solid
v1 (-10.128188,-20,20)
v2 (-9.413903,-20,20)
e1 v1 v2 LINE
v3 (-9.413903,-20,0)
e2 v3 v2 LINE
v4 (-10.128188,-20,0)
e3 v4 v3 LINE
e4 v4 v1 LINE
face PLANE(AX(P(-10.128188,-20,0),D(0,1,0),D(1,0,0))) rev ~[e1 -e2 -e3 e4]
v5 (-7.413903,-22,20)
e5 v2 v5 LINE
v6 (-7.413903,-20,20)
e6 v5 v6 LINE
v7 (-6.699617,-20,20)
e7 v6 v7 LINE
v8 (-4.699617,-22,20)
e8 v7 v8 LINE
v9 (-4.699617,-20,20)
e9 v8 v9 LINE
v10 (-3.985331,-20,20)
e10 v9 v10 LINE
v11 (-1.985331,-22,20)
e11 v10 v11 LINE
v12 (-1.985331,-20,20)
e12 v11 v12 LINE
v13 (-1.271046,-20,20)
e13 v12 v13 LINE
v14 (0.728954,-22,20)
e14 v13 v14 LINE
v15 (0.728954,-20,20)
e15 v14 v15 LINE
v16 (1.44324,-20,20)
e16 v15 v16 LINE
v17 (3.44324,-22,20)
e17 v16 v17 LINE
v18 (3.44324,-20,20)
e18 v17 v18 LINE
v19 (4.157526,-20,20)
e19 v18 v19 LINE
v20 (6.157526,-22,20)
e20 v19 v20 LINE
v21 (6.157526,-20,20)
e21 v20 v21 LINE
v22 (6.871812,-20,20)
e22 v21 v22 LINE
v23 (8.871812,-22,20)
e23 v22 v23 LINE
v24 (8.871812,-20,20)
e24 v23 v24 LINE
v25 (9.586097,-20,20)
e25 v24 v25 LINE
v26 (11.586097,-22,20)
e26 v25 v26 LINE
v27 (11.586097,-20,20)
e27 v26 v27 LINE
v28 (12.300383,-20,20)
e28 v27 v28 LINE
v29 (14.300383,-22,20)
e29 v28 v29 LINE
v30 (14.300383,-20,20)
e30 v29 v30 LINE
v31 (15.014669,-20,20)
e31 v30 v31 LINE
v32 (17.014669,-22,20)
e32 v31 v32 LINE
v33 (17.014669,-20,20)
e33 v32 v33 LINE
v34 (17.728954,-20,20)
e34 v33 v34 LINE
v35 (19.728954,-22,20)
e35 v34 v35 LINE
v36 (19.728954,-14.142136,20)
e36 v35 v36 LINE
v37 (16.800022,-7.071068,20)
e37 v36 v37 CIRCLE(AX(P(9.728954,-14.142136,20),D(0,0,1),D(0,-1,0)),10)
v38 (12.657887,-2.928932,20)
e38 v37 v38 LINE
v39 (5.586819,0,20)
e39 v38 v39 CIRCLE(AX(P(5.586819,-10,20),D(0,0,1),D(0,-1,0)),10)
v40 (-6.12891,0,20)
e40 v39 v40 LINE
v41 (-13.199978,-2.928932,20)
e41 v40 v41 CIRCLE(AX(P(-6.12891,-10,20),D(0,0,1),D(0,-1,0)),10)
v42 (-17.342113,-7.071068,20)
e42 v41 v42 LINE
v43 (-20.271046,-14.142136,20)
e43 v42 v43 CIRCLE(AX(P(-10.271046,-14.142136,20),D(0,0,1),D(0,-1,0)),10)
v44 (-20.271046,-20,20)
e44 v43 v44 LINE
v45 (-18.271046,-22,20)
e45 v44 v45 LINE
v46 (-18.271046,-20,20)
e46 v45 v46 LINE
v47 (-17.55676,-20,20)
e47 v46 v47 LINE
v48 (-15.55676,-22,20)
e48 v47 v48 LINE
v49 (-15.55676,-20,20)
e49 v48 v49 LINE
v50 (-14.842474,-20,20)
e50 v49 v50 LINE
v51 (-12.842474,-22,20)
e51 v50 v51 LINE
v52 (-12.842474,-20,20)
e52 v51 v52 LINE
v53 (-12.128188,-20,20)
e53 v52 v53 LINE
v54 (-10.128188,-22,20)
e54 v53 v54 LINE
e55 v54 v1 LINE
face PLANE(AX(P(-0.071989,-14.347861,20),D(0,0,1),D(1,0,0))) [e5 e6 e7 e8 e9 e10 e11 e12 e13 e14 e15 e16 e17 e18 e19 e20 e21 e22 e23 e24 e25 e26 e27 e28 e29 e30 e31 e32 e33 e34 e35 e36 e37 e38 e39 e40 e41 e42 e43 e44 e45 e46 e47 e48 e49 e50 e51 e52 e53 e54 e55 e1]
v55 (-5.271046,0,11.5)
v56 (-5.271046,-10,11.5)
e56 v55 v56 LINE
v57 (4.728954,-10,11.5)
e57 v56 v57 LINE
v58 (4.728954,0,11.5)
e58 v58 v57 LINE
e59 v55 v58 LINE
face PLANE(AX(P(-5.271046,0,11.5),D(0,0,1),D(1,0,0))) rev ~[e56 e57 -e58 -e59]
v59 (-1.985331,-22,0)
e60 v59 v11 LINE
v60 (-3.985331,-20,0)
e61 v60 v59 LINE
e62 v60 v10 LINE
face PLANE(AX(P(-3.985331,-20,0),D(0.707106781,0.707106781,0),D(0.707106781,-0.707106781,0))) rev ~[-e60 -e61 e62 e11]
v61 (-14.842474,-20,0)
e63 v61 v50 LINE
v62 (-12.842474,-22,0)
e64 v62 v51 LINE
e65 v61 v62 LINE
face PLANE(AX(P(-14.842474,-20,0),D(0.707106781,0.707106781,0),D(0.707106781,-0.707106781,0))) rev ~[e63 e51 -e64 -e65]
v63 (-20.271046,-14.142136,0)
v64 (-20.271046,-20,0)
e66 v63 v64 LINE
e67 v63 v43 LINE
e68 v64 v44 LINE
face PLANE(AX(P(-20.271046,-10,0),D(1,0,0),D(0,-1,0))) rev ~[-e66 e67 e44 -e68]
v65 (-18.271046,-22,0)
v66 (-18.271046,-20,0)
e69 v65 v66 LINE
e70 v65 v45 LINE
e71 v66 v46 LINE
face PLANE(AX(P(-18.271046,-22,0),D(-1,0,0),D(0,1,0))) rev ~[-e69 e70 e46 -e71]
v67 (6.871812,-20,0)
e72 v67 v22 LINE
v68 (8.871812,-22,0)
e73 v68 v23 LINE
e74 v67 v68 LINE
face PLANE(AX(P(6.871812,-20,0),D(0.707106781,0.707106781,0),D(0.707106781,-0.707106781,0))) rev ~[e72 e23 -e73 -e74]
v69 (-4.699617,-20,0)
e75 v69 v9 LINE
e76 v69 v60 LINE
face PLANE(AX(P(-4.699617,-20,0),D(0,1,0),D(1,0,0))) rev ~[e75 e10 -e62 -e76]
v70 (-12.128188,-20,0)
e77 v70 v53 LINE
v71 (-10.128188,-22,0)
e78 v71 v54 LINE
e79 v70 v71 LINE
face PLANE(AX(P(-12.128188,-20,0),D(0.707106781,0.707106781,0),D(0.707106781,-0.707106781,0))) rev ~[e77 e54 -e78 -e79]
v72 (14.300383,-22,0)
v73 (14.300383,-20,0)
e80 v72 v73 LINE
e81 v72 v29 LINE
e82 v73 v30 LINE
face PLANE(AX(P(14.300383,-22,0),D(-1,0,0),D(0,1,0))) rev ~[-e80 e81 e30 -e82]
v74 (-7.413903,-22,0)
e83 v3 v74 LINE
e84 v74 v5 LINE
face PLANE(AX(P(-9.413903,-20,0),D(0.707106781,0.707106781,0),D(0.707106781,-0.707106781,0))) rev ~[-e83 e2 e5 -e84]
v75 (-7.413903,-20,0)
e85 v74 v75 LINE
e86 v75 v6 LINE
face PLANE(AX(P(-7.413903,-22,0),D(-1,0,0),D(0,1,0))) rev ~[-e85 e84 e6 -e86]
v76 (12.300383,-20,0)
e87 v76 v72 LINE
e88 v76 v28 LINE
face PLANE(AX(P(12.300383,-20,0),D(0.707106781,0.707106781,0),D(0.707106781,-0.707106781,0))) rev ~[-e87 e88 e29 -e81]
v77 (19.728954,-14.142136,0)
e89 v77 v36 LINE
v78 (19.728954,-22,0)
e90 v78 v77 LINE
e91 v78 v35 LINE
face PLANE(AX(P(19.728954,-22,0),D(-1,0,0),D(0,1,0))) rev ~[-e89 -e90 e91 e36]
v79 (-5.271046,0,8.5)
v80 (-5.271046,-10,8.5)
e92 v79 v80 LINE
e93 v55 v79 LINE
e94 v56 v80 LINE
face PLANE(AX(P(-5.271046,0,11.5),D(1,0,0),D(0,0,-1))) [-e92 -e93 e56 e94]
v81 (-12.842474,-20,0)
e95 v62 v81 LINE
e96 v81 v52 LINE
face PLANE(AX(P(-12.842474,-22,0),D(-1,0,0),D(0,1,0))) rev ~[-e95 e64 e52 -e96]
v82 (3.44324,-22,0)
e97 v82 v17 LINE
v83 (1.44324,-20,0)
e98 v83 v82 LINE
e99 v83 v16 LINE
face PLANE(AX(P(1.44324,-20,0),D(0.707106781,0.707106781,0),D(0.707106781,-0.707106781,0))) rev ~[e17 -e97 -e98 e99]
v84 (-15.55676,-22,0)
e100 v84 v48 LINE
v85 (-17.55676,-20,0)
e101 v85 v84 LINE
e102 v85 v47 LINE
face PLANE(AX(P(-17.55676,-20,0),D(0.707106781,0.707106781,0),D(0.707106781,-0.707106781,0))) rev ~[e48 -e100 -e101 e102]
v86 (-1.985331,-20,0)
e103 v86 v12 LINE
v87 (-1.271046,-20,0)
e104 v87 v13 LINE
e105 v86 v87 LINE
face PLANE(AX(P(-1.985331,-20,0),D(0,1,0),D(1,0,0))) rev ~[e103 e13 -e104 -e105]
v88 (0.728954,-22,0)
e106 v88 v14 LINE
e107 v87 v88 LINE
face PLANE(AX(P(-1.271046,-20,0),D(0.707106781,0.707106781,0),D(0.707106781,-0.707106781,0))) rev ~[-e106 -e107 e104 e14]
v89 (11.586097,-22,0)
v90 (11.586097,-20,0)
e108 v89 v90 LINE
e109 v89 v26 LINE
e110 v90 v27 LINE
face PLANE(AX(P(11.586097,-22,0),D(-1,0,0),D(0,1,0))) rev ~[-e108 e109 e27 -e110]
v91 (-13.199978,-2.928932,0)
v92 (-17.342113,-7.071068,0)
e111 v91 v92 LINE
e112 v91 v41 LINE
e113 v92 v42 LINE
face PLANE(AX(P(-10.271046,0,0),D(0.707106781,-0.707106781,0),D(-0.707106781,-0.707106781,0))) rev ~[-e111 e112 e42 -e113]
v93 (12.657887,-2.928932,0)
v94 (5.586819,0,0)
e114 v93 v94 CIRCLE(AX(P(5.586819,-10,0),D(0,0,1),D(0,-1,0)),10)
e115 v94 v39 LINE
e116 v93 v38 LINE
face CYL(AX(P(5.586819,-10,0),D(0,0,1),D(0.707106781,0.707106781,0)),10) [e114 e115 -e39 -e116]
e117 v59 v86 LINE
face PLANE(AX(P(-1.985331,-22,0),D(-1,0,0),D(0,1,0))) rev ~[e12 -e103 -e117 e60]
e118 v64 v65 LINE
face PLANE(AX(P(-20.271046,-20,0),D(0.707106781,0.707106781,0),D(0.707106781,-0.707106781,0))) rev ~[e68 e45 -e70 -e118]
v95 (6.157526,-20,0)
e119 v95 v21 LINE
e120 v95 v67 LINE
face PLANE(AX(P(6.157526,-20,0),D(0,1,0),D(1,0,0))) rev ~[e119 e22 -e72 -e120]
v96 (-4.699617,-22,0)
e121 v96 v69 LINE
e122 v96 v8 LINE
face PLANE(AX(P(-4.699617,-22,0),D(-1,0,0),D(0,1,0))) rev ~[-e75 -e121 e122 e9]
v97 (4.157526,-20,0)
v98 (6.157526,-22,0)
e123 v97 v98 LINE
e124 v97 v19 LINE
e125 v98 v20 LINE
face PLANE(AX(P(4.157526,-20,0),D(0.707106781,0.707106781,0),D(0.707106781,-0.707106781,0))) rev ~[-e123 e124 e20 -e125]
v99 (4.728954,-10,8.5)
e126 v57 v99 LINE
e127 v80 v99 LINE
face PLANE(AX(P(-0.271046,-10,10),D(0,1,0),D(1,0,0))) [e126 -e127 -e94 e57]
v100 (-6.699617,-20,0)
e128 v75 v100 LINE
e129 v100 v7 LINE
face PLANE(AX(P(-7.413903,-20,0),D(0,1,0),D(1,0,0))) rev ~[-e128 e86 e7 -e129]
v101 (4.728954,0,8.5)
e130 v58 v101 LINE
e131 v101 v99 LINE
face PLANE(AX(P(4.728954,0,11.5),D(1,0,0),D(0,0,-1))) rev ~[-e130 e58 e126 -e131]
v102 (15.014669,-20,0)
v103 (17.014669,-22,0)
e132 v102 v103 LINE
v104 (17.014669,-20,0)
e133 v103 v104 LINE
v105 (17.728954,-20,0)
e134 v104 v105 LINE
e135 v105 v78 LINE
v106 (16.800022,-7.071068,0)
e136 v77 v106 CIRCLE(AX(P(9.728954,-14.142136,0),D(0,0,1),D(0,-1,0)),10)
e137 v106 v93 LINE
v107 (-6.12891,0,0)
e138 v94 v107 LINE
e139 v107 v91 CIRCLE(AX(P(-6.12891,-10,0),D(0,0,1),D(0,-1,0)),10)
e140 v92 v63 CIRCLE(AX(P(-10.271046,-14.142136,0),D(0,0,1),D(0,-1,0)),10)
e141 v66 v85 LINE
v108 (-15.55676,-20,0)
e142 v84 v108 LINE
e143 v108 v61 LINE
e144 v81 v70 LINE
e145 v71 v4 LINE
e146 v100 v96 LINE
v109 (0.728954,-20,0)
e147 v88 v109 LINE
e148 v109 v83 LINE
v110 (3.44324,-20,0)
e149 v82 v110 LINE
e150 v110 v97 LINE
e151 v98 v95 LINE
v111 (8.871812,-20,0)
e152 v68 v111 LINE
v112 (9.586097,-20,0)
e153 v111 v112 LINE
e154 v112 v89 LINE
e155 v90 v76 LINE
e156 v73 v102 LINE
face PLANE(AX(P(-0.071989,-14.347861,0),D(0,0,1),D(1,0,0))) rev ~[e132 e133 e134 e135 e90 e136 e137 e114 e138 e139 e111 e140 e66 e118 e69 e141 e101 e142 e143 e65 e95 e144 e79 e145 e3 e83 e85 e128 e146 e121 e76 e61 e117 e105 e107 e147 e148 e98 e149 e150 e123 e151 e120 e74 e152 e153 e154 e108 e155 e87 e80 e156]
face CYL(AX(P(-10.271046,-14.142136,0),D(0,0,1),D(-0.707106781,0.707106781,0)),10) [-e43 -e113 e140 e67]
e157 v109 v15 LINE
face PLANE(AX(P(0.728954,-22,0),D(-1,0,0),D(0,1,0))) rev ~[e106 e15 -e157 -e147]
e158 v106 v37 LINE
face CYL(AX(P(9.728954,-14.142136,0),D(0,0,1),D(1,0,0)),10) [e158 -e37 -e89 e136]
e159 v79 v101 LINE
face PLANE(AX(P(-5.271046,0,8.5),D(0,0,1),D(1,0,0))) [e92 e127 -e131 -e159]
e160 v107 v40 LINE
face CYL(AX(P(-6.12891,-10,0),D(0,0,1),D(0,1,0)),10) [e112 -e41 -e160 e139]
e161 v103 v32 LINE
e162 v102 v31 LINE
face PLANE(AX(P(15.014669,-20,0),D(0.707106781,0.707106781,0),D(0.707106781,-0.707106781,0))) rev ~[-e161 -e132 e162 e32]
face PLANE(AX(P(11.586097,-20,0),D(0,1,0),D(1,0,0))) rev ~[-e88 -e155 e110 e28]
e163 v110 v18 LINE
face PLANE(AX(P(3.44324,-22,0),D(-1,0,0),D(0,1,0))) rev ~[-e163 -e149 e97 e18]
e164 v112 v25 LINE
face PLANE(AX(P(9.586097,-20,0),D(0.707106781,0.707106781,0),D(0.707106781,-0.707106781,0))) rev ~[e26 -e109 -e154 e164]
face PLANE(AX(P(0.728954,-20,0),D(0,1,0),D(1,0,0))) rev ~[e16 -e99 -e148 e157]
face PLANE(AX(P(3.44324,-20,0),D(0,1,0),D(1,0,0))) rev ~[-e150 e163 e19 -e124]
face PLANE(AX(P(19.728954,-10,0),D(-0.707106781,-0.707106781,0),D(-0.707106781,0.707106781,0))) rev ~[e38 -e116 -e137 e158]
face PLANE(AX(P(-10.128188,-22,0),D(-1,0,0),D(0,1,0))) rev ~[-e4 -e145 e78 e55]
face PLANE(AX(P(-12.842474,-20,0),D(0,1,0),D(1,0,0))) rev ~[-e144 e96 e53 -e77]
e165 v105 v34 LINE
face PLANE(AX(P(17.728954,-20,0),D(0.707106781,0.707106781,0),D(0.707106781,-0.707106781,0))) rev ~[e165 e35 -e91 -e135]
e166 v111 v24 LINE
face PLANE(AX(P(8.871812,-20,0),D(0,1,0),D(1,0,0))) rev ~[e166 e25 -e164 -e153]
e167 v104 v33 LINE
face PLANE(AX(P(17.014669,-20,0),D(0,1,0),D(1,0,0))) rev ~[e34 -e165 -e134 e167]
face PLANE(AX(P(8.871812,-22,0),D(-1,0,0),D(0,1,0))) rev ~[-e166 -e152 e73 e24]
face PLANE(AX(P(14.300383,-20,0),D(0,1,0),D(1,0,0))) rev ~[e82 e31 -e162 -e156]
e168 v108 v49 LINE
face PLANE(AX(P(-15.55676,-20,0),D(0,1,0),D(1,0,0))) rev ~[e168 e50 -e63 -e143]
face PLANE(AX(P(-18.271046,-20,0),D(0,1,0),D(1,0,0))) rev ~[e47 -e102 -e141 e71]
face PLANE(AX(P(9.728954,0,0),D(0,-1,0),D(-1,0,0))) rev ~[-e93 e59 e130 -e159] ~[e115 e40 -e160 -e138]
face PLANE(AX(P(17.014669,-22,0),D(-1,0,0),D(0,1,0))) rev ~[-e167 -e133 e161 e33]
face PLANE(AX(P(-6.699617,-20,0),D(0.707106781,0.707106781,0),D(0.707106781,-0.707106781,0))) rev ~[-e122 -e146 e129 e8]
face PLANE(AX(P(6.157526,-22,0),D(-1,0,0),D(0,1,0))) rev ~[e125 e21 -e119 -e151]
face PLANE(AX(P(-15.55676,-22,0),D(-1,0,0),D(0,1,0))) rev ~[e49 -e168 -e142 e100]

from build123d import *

# Parameters (mm, degrees)
BOSS_EXTRUDE1_DEPTH = 20
SKETCH2_W           = 10
SKETCH2_H           = 3
CUT_EXTRUDE1_DEPTH  = 10
FILLET_1_R          = 10


with BuildPart() as part:
    # Sketch1 → Boss-Extrude1 (new body)
    with BuildSketch(Plane.XY):
        Polygon((17.014668726, -22), (17.014668726, -20), (17.728954441, -20), (19.728954441, -22), (19.728954441, -20), (19.728954441, -10), (9.728954441, 0), (-10.271045559, 0), (-20.271045559, -10), (-20.271045559, -20), (-18.271045559, -22), (-18.271045559, -20), (-17.556759845, -20), (-15.556759845, -22), (-15.556759845, -20), (-14.842474131, -20), (-12.842474131, -22), (-12.842474131, -20), (-12.128188417, -20), (-10.128188417, -22), (-10.128188417, -20), (-9.413902702, -20), (-7.413902702, -22), (-7.413902702, -20), (-6.699616988, -20), (-4.699616988, -22), (-4.699616988, -20), (-3.985331274, -20), (-1.985331274, -22), (-1.985331274, -20), (-1.271045559, -20), (0.728954441, -22), (0.728954441, -20), (1.443240155, -20), (3.443240155, -22), (3.443240155, -20), (4.157525869, -20), (6.157525869, -22), (6.157525869, -20), (6.871811583, -20), (8.871811583, -22), (8.871811583, -20), (9.586097298, -20), (11.586097298, -22), (11.586097298, -20), (12.300383012, -20), (14.300383012, -22), (14.300383012, -20), (15.014668726, -20), align=None)
    extrude(amount=BOSS_EXTRUDE1_DEPTH)

    # Sketch2 → Cut-Extrude1 (cut)
    with BuildSketch(Plane(origin=(0, 0, 0), x_dir=(1, 0, 0), z_dir=(0, 1, 0))):
        with Locations((-0.271045559, -10)):
            Rectangle(SKETCH2_W, SKETCH2_H)
    extrude(amount=-CUT_EXTRUDE1_DEPTH, mode=Mode.SUBTRACT)

    # Скругление1
    fillet_1_edges = [part.edges().sort_by_distance(p)[0] for p in [
        (-20.271045559, -10, 10),
        (-10.271045559, 0, 10),
        (9.728954441, 0, 10),
        (19.728954441, -10, 10),
    ]]
    fillet(fillet_1_edges, radius=FILLET_1_R)


solid = part.part
